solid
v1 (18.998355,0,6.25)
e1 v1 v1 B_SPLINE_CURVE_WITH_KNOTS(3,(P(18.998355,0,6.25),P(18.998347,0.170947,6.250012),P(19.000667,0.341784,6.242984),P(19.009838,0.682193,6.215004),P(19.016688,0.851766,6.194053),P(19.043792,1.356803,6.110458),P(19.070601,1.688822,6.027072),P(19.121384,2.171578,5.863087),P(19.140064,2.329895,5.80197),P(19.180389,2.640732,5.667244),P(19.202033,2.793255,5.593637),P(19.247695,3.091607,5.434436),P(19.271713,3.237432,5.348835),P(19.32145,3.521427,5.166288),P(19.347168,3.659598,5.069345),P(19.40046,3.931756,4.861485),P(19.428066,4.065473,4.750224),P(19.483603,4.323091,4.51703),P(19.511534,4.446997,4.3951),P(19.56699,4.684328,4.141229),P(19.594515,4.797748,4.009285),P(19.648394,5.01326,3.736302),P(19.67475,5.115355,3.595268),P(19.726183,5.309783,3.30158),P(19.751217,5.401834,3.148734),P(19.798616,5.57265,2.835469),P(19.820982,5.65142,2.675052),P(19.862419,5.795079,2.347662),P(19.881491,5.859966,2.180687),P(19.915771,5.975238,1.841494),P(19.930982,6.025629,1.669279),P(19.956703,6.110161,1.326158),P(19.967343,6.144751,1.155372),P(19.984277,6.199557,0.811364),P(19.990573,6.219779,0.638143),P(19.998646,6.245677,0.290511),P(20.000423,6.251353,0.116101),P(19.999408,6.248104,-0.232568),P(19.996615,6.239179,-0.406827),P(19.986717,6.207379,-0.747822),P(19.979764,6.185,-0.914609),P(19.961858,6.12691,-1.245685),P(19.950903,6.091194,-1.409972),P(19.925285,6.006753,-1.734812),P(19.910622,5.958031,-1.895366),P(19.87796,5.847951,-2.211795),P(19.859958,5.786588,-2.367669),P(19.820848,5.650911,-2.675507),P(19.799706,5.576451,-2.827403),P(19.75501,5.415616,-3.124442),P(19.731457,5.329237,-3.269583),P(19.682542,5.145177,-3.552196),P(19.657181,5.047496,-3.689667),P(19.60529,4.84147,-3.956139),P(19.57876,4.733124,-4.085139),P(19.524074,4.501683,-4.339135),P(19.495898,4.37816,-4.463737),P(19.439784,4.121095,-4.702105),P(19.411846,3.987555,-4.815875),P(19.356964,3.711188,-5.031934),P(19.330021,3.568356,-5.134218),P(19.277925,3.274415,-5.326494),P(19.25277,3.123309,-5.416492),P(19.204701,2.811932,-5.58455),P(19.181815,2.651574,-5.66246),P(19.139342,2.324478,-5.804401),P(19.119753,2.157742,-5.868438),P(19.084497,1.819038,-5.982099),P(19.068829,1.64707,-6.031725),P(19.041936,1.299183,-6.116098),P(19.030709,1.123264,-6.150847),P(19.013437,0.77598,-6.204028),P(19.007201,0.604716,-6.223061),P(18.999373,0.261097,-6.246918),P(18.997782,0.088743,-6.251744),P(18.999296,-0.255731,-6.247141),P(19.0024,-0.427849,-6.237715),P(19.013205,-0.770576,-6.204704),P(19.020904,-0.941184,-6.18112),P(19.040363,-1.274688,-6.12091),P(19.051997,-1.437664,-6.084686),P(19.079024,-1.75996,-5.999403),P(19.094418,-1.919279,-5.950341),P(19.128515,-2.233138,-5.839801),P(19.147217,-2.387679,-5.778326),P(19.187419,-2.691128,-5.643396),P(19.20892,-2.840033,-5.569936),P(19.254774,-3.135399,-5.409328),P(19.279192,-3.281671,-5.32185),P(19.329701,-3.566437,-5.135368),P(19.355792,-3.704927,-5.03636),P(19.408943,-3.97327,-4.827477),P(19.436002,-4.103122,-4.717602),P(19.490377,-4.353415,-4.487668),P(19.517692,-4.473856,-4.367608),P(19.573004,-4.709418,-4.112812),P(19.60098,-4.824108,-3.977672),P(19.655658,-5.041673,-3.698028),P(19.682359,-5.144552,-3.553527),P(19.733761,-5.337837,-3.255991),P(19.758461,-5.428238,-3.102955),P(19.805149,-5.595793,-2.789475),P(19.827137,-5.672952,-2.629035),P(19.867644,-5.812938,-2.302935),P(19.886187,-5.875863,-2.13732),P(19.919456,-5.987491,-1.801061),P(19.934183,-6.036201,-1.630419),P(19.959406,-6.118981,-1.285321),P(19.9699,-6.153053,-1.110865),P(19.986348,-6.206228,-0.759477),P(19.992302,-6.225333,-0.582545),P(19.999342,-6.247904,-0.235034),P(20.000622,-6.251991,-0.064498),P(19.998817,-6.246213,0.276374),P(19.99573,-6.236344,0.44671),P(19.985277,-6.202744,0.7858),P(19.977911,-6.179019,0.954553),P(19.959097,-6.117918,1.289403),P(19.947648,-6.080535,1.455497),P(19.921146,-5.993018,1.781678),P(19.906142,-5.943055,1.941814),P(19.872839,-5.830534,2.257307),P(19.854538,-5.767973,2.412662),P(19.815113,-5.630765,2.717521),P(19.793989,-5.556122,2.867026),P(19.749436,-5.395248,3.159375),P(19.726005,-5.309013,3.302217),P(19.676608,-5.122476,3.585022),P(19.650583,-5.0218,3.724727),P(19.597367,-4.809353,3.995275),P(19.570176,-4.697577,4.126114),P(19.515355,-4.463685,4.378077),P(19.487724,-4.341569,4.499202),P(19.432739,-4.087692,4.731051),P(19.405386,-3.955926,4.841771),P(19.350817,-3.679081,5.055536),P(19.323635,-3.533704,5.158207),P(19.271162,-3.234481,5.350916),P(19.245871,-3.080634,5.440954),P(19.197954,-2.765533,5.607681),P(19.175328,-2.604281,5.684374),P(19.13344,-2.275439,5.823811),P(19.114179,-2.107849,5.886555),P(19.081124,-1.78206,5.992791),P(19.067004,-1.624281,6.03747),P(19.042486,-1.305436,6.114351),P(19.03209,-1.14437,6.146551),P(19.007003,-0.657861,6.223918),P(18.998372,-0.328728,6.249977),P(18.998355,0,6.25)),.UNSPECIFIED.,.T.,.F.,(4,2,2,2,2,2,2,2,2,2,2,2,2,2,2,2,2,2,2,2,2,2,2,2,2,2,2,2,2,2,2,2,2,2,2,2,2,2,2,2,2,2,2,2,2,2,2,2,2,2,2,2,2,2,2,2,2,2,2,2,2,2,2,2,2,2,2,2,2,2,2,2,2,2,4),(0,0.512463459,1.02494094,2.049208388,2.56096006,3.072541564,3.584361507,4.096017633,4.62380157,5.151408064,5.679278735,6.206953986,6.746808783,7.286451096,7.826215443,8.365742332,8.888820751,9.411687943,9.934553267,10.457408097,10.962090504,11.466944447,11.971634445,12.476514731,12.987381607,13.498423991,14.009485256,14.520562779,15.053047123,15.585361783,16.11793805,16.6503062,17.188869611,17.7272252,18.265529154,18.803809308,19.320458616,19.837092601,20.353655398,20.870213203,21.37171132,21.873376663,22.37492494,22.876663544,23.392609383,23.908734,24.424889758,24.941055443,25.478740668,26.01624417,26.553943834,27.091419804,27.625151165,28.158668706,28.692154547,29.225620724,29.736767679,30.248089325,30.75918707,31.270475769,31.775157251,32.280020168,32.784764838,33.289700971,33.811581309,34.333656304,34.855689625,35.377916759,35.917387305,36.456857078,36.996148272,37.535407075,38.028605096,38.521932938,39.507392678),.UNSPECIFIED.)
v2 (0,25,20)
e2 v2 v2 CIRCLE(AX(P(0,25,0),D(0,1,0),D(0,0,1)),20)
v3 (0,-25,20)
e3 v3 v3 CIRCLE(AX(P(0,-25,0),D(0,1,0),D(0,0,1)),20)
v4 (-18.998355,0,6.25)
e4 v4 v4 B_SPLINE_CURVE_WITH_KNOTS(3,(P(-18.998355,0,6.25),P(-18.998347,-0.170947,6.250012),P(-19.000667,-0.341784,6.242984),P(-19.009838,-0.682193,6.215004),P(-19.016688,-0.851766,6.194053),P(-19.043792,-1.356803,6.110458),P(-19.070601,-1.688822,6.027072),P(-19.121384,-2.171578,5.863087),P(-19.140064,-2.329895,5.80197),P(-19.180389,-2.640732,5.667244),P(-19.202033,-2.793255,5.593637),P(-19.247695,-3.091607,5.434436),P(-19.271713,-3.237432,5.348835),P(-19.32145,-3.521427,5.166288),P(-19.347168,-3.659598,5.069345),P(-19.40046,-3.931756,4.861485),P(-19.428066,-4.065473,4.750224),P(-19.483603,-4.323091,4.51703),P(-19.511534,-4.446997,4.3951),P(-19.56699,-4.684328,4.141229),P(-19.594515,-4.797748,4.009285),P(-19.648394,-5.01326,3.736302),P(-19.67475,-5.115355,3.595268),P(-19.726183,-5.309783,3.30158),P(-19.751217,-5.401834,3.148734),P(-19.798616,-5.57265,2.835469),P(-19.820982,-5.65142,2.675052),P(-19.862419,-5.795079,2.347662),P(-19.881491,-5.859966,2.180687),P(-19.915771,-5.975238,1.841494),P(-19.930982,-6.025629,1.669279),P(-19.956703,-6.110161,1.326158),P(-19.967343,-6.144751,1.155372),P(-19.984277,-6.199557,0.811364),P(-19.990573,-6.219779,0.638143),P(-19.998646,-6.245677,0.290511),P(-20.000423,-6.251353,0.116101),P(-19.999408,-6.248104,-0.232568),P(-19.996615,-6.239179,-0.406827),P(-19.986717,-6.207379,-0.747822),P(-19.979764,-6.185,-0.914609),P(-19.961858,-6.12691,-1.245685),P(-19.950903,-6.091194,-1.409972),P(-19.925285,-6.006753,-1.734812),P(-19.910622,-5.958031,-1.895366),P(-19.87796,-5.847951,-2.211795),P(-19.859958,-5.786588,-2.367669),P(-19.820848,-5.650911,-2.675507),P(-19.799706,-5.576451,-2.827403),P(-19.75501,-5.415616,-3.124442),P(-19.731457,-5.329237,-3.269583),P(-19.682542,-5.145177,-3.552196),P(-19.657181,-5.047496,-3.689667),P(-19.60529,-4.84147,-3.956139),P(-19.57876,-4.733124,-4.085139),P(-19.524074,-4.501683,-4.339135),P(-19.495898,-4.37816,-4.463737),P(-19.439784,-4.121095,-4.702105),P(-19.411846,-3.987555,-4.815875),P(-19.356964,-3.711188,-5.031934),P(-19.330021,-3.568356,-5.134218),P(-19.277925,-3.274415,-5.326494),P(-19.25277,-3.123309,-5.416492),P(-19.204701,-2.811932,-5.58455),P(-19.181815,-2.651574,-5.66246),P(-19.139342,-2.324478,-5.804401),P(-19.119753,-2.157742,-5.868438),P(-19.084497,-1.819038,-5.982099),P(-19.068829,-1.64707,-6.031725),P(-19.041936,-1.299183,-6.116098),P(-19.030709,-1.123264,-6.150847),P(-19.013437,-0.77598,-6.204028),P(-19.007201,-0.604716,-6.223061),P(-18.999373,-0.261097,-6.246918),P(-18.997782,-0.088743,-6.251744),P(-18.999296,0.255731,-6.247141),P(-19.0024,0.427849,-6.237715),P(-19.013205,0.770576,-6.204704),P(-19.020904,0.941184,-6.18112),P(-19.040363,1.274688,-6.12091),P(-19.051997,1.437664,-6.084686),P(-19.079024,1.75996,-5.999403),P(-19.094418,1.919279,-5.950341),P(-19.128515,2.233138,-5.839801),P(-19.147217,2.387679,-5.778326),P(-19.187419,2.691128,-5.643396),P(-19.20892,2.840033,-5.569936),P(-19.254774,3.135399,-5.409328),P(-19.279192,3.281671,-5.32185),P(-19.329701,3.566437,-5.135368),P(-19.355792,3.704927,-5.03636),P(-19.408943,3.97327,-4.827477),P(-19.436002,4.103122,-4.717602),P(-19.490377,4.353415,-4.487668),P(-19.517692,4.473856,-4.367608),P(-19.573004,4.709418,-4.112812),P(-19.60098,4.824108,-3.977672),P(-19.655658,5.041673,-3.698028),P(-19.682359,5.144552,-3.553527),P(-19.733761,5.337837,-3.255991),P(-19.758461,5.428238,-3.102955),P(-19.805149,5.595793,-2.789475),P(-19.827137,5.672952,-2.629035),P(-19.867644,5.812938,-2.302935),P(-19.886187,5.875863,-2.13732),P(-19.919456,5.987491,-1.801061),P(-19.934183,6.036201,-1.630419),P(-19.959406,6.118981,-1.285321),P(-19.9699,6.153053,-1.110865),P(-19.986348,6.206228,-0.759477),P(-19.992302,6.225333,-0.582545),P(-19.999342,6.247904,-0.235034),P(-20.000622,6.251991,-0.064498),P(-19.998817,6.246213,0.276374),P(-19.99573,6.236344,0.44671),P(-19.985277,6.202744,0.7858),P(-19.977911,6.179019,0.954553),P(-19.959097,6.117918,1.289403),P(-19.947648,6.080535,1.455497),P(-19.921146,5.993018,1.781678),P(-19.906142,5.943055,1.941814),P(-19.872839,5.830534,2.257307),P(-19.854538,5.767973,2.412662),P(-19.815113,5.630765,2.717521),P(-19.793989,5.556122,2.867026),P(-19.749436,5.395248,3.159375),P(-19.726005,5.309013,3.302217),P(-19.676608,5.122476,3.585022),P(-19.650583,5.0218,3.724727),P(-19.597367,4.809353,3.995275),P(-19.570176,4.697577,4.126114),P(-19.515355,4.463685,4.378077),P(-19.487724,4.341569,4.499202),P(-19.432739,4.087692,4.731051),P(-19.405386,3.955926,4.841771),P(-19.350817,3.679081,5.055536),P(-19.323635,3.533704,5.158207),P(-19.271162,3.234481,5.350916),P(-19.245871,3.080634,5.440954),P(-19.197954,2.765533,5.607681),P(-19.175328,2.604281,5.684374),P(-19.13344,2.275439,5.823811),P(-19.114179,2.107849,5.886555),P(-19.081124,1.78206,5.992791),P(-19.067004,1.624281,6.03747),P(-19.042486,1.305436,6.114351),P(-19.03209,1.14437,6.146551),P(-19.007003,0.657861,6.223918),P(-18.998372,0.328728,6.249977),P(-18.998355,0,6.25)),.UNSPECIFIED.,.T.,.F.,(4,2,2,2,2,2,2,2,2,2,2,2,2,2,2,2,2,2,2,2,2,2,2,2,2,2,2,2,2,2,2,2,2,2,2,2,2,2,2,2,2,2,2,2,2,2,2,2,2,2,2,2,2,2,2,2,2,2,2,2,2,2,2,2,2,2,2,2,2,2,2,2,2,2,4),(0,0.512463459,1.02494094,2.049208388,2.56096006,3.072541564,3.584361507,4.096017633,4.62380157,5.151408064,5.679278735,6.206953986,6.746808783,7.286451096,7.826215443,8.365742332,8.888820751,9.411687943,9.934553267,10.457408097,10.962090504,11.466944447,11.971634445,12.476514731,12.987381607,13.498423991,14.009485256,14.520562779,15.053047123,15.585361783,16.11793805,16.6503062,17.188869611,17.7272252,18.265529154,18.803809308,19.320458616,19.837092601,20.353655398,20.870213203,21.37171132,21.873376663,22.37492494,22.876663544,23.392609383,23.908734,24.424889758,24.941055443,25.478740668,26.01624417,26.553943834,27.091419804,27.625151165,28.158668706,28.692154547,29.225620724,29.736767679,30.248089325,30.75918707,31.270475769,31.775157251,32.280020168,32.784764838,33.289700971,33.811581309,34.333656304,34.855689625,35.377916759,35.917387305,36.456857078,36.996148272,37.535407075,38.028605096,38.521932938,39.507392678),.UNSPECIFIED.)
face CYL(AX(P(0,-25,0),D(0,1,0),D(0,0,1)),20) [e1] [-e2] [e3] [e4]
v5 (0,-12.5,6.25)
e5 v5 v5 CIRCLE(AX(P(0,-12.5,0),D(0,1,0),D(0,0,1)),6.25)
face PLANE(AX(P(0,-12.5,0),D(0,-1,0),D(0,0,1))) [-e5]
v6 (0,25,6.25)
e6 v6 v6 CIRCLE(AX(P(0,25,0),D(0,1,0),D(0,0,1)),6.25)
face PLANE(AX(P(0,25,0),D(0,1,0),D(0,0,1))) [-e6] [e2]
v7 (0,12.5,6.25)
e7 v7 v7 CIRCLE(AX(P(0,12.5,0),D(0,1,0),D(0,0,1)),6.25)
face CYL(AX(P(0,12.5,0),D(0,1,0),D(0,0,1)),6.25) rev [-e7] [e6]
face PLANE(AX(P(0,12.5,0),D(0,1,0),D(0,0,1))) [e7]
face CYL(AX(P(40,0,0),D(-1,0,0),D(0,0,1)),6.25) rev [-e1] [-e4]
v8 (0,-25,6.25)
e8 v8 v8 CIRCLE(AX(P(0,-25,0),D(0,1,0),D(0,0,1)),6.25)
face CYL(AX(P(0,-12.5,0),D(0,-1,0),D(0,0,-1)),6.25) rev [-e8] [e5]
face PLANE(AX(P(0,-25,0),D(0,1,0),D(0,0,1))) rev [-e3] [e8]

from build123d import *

# Parameters (mm, degrees)
BOSS_EXTRUDE1_DEPTH      = 25
BOSS_EXTRUDE1_DEPTH_BACK = 25
SKETCH2_R                = 20
CUT_EXTRUDE1_DEPTH       = 40
CUT_EXTRUDE1_DEPTH_BACK  = 40
SKETCH3_R                = 6.25
SKETCH4_R                = 6.25
CUT_EXTRUDE2_DEPTH       = 12.5


with BuildPart() as part:
    # Sketch2 → Boss-Extrude1 (new, two sides: drawn at the far end of the back side and taken through both)
    with BuildSketch(Plane(origin=(0, 0, 0), x_dir=(1, 0, 0), z_dir=(0, 1, 0)).offset(-BOSS_EXTRUDE1_DEPTH_BACK)):
        Circle(SKETCH2_R)
    extrude(amount=BOSS_EXTRUDE1_DEPTH + BOSS_EXTRUDE1_DEPTH_BACK)

    # Sketch3 → Cut-Extrude1 (cut, two sides: drawn at the far end of the back side and taken through both)
    with BuildSketch(Plane(origin=(0, 0, 0), x_dir=(0, 0, -1), z_dir=(1, 0, 0)).offset(-CUT_EXTRUDE1_DEPTH_BACK)):
        Circle(SKETCH3_R)
    extrude(amount=CUT_EXTRUDE1_DEPTH + CUT_EXTRUDE1_DEPTH_BACK, mode=Mode.SUBTRACT)

    # Sketch4 → Cut-Extrude2 (cut)
    with BuildSketch(Plane(origin=(0, 25, 0), x_dir=(1, 0, 0), z_dir=(0, 1, 0))):
        Circle(SKETCH4_R)
    cut_extrude2 = extrude(amount=-CUT_EXTRUDE2_DEPTH, mode=Mode.SUBTRACT)

    # Mirror1: Cut-Extrude2 across plane
    add(cut_extrude2.mirror(Plane.ZX), mode=Mode.SUBTRACT)


solid = part.part
